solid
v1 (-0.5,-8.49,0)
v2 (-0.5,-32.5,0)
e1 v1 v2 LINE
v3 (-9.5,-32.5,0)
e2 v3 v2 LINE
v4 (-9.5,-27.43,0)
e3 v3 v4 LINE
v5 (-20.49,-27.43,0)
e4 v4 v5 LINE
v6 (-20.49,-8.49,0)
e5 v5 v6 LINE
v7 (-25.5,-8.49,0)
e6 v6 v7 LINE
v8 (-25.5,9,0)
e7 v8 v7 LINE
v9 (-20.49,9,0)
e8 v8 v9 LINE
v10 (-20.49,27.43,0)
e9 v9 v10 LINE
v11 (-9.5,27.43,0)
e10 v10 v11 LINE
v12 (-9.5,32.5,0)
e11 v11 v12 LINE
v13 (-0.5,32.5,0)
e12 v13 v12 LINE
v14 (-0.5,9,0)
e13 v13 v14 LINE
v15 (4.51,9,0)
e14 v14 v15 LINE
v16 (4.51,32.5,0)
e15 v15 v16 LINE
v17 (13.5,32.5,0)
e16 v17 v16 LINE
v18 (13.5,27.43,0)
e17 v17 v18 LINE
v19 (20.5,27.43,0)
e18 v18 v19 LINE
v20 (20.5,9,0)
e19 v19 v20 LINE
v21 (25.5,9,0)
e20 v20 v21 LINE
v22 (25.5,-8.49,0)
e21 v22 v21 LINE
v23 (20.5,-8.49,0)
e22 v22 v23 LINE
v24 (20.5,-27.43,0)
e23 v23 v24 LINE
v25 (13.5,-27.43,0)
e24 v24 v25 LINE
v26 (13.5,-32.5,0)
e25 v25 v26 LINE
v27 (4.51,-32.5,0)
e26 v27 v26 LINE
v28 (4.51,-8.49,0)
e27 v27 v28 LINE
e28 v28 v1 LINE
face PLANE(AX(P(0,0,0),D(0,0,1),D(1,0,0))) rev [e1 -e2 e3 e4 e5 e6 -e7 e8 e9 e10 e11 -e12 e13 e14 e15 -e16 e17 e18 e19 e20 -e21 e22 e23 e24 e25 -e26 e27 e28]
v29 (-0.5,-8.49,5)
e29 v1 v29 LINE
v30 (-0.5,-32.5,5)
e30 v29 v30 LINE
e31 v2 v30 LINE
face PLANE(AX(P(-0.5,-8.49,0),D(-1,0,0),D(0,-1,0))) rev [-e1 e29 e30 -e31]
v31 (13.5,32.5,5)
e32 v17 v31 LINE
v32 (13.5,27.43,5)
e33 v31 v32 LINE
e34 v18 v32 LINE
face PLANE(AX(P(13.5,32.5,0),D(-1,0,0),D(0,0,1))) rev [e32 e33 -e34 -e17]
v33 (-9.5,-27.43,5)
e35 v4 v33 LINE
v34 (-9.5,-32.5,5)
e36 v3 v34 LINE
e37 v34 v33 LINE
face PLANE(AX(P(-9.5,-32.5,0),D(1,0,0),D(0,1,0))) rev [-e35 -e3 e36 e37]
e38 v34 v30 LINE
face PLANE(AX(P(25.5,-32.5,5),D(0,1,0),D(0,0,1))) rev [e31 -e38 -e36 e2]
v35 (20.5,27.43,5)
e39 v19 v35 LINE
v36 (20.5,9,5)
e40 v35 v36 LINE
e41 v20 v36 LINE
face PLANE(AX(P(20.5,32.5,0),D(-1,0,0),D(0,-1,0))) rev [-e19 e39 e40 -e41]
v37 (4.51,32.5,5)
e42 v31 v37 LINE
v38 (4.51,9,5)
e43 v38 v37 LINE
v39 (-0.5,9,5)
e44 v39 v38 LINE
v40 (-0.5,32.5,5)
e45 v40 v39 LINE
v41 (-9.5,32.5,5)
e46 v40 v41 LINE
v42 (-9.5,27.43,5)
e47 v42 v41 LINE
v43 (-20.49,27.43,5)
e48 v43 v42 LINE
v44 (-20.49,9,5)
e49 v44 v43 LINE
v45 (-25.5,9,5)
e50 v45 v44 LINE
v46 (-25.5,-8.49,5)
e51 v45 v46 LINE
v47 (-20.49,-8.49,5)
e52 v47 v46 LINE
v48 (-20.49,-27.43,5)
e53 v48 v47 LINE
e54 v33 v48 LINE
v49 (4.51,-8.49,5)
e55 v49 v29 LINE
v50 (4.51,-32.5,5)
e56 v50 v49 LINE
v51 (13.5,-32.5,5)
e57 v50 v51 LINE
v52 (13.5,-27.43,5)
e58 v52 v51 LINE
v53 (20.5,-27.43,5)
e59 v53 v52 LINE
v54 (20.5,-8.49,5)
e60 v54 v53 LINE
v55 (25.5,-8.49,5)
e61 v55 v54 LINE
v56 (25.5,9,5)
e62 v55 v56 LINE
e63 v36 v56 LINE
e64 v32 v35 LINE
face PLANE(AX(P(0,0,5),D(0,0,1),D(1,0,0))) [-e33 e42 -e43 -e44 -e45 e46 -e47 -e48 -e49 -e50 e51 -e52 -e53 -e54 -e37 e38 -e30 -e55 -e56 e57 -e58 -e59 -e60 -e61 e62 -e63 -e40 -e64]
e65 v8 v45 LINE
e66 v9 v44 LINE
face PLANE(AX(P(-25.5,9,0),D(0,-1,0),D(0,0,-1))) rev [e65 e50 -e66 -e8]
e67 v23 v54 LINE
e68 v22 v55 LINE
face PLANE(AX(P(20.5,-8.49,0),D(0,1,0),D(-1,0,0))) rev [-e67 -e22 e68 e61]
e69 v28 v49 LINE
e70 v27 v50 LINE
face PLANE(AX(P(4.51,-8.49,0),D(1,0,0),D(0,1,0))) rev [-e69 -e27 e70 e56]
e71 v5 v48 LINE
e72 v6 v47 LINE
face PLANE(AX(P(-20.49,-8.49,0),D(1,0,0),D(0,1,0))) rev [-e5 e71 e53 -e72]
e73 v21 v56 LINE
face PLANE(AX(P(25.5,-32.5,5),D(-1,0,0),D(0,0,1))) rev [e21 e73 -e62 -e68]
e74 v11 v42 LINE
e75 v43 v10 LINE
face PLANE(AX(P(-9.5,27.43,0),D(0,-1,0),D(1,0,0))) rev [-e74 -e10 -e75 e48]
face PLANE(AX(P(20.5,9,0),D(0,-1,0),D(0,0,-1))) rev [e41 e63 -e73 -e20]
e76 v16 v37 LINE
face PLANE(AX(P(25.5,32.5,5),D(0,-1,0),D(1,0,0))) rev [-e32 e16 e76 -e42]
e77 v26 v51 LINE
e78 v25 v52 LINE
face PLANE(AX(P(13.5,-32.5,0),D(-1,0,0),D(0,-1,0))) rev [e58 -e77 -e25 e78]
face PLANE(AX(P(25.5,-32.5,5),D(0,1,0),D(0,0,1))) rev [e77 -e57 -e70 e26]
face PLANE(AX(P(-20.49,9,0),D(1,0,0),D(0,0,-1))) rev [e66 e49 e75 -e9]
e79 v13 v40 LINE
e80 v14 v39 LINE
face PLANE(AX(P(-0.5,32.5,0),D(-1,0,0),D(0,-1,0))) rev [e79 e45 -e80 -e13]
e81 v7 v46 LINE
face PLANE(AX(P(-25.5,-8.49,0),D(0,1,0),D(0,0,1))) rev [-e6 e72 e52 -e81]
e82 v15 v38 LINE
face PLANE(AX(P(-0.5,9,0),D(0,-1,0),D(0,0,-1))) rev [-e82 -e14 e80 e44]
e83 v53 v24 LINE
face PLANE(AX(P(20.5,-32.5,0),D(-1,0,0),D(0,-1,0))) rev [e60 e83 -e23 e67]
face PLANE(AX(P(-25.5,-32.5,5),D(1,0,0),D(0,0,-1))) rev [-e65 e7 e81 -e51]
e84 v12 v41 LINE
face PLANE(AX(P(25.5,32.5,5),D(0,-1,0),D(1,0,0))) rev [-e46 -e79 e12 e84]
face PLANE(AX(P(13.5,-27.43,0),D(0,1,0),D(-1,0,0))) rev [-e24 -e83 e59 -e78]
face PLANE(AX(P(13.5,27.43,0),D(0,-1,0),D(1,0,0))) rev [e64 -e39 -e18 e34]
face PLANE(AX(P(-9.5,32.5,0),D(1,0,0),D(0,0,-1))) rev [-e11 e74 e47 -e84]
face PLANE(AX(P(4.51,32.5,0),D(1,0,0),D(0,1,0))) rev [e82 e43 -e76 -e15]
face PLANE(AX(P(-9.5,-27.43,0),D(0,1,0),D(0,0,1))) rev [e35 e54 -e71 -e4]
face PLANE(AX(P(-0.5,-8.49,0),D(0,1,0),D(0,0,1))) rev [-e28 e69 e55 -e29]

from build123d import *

# Parameters (mm, degrees)
ESQUISSE1_W             = 51
ESQUISSE1_H             = 65
BOSS_EXTRU_1_DEPTH      = 5
ESQUISSE2_W             = 5.01
ESQUISSE2_H             = 23.5
ESQUISSE2_H_2           = 24.01
ESQUISSE2_W_2           = 5
ENL_V_MAT_EXTRU_1_DEPTH = 5
ESQUISSE3_W             = 16
ESQUISSE3_H             = 5.07
ESQUISSE3_W_2           = 12
ENL_V_MAT_EXTRU_2_DEPTH = 5


with BuildPart() as part:
    # Esquisse1 → Boss.-Extru.1 (new body)
    with BuildSketch(Plane.XY):
        Rectangle(ESQUISSE1_W, ESQUISSE1_H)
    extrude(amount=BOSS_EXTRU_1_DEPTH)

    # Esquisse2 → Enlèv. mat.-Extru.1 (cut)
    with BuildSketch(Plane.XY.offset(5)):
        with Locations((-22.995, 20.75)):
            Rectangle(ESQUISSE2_W, ESQUISSE2_H)
        with Locations((-22.995, -20.495)):
            Rectangle(ESQUISSE2_W, ESQUISSE2_H_2)
        with Locations((2.005, 20.75)):
            Rectangle(ESQUISSE2_W, ESQUISSE2_H)
        with Locations((2.005, -20.495)):
            Rectangle(ESQUISSE2_W, ESQUISSE2_H_2)
        with Locations((23, 20.75)):
            Rectangle(ESQUISSE2_W_2, ESQUISSE2_H)
        with Locations((23, -20.495)):
            Rectangle(ESQUISSE2_W_2, ESQUISSE2_H_2)
    extrude(amount=-ENL_V_MAT_EXTRU_1_DEPTH, mode=Mode.SUBTRACT)

    # Esquisse3 → Enlèv. mat.-Extru.2 (cut)
    with BuildSketch(Plane.XY.offset(5)):
        with Locations((-17.5, 29.965)):
            Rectangle(ESQUISSE3_W, ESQUISSE3_H)
        with Locations((19.5, 29.965)):
            Rectangle(ESQUISSE3_W_2, ESQUISSE3_H)
        with Locations((19.5, -29.965)):
            Rectangle(ESQUISSE3_W_2, ESQUISSE3_H)
        with Locations((-17.5, -29.965)):
            Rectangle(ESQUISSE3_W, ESQUISSE3_H)
    extrude(amount=-ENL_V_MAT_EXTRU_2_DEPTH, mode=Mode.SUBTRACT)


solid = part.part
